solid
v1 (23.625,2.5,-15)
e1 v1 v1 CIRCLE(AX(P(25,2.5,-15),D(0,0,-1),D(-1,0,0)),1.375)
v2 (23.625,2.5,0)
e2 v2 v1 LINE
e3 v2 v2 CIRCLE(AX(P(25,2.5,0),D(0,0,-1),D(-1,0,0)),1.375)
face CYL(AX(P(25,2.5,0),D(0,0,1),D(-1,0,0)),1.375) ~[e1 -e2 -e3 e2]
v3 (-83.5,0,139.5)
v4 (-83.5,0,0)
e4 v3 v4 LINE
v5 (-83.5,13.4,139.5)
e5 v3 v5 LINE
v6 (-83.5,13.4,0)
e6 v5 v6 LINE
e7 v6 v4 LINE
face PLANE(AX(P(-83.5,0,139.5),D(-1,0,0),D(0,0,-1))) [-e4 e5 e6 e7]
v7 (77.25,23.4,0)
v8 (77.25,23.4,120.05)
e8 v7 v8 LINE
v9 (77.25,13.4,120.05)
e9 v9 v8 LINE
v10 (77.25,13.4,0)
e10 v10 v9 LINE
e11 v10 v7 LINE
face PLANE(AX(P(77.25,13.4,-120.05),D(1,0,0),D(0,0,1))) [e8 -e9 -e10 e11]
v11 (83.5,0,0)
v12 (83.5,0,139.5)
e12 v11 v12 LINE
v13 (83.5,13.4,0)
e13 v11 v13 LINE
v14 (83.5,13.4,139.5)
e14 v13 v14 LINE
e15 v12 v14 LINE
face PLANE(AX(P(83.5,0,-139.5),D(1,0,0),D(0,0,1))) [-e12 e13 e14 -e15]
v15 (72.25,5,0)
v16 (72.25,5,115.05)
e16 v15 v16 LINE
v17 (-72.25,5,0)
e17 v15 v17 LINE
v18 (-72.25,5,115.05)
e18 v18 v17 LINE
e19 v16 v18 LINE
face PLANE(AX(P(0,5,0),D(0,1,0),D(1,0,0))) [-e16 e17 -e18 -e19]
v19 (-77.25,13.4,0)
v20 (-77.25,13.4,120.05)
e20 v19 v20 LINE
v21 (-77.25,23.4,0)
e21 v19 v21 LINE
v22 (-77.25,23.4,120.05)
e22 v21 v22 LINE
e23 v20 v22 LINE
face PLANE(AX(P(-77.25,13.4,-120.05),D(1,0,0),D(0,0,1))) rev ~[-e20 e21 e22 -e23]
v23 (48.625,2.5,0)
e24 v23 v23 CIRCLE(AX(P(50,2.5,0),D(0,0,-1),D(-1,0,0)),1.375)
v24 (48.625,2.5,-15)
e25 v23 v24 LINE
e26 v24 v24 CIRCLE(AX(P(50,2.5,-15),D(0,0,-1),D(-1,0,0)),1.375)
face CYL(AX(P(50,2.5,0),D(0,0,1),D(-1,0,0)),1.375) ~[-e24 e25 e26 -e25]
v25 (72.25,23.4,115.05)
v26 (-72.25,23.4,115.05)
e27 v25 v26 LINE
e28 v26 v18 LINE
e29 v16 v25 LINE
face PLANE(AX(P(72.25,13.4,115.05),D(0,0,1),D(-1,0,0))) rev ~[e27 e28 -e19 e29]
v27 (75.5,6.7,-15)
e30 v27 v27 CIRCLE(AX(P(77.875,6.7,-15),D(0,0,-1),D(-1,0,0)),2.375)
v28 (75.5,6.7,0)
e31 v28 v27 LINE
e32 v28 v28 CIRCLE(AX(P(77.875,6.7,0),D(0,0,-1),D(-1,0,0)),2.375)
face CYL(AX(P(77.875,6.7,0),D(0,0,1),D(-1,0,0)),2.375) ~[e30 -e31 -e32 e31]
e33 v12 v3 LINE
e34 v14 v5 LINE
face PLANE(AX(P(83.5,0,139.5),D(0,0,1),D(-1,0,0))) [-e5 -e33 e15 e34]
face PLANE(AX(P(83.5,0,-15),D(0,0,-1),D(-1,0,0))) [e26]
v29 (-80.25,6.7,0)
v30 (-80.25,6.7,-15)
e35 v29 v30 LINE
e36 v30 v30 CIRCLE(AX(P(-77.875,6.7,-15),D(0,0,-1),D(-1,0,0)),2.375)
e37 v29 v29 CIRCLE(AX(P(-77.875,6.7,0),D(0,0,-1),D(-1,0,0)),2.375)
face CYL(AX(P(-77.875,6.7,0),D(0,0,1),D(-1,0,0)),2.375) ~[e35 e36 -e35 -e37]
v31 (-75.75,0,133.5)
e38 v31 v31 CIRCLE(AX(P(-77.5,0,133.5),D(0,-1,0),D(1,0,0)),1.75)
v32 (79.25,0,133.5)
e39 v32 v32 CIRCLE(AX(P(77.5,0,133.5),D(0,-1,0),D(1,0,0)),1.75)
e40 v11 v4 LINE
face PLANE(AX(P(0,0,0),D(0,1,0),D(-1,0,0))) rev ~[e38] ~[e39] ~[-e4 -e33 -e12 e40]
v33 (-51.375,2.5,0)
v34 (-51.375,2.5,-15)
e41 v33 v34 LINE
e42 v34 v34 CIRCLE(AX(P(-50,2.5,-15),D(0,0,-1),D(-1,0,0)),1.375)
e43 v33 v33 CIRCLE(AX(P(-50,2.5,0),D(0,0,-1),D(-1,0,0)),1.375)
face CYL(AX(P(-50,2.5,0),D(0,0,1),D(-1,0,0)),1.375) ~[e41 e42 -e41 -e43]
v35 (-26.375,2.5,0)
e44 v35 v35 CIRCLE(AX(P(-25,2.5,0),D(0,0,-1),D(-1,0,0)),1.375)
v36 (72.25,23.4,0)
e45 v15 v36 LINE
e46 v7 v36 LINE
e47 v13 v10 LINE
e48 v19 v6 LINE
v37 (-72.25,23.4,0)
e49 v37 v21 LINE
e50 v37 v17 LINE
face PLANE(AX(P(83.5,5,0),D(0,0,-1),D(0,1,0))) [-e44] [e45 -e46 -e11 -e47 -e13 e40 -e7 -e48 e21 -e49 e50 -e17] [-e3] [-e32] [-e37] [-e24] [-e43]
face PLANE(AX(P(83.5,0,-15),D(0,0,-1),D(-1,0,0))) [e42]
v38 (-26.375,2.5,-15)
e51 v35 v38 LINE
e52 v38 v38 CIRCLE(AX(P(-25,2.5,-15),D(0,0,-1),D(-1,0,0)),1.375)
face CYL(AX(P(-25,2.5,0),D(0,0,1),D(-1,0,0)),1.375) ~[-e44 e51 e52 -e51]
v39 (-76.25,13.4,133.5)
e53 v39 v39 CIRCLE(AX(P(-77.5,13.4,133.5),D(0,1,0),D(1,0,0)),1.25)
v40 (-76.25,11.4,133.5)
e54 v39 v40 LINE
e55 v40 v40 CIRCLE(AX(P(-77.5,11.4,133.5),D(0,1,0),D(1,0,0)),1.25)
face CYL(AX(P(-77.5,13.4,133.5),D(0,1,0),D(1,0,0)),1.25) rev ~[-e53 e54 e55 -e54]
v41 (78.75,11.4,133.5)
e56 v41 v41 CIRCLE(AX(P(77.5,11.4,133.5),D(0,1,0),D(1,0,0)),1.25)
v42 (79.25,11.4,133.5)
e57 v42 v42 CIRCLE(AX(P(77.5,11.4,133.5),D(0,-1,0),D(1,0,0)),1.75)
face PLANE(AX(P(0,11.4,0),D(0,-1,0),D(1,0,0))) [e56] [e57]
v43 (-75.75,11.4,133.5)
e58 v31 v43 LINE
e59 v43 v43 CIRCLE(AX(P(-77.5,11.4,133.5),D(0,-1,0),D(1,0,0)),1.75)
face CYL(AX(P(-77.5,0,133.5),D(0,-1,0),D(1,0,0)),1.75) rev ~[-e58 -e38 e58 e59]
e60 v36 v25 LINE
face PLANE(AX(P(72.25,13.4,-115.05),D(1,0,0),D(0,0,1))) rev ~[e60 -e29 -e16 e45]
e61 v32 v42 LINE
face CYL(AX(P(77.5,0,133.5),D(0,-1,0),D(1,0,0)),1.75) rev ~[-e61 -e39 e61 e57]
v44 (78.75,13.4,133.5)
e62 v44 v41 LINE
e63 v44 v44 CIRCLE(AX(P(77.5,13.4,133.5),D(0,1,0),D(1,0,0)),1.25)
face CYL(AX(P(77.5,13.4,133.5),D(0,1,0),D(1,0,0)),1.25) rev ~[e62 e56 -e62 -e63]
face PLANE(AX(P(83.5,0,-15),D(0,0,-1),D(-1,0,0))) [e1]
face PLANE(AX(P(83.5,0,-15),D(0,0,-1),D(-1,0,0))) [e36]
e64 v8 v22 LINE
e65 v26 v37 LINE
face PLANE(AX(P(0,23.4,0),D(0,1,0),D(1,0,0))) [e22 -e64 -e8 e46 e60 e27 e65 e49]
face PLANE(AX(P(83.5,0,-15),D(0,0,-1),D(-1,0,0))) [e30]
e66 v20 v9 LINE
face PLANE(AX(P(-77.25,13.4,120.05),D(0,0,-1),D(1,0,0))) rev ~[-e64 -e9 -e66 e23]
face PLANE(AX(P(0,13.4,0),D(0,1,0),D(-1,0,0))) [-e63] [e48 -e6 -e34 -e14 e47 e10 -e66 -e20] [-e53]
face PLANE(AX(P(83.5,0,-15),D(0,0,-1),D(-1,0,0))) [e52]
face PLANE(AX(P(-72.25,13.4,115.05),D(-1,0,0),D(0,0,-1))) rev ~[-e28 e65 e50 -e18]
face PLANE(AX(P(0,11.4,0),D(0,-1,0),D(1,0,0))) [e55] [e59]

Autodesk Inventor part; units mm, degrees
ref_plane "YZ Plane" through (0, 0, 0) normal (1, 0, 0) x (0, 1, 0)
ref_plane "XZ Plane" through (0, 0, 0) normal (0, 1, 0) x (-1, 0, 0)
sketch "Sketch1" plane through (0, 0, 0) normal (0, 1, 0) x (-1, 0, 0)
  line L0 (-83.5, 139.5) -> (83.5, 139.5)
  line L1 (83.5, 139.5) -> (83.5, -139.5)
  line L2 (83.5, -139.5) -> (-83.5, -139.5)
  line L3 (-83.5, -139.5) -> (-83.5, 139.5)
  line L4 (-83.5, 139.5) -> (83.5, -139.5) construction
  line L5 (83.5, 139.5) -> (-83.5, -139.5) construction
  point P0 (0, 0)
  dimension "d0" = 167
  dimension "d1" = 279
extrude "Extrusion1" add sketch "Sketch1" along normal blind 13.4
sketch "Sketch2" plane through (0, 13.4, 0) normal (0, 1, 0) x (1, 0, 0)
  line L0 (72.25, -115.05) -> (-72.25, -115.05)
  line L1 (-72.25, -115.05) -> (-72.25, 115.05)
  line L2 (-72.25, 115.05) -> (72.25, 115.05)
  line L3 (72.25, 115.05) -> (72.25, -115.05)
  line L4 (72.25, -115.05) -> (-72.25, 115.05) construction
  line L5 (-72.25, -115.05) -> (72.25, 115.05) construction
  point P0 (0, 0)
  dimension "d4" = 144.5
  dimension "d5" = 230.1
extrude "Extrusion2" cut sketch "Sketch2" against normal blind 8.4
sketch "Sketch4" plane through (0, 13.4, 0) normal (0, 1, 0) x (1, 0, 0)
  circle A0 centre (-77.5, -133.5) radius 1.25
  line L0 (-83.5, 139.5) -> (-83.5, -139.5) projected
  line L1 (-83.5, -139.5) -> (83.5, -139.5) projected
  circle A1 centre (-77.5, 133.5) radius 1.25
  line L2 (83.5, 139.5) -> (-83.5, 139.5) projected
  circle A2 centre (77.5, 133.5) radius 1.25
  line L3 (83.5, -139.5) -> (83.5, 139.5) projected
  circle A3 centre (77.5, -133.5) radius 1.25
  point P0 (0, 0)
  dimension "d16" = 2.5
  dimension "d17" = 6
  dimension "d18" = 6
  dimension "d19" = 2.5
  dimension "d20" = 6
  dimension "d21" = 6
  dimension "d22" = 2.5
  dimension "d23" = 6
  dimension "d24" = 6
  dimension "d25" = 2.5
  dimension "d26" = 6
  dimension "d27" = 6
extrude "Extrusion4" cut sketch "Sketch4" against normal through all contours A0 | A1 | A2 | A3
sketch "Sketch5" plane through (0, 13.4, 0) normal (0, 1, 0) x (1, 0, 0)
  line L0 (-72.25, -115.05) -> (-72.25, 115.05) projected
  line L1 (72.25, -115.05) -> (-72.25, -115.05) projected
  line L2 (-77.25, -120.05) -> (-72.25, -120.05)
  line L3 (-72.25, -120.05) -> (-72.25, 120.05)
  line L4 (-72.25, 120.05) -> (-77.25, 120.05)
  line L5 (-77.25, 120.05) -> (-77.25, -120.05)
  line L6 (72.25, 115.05) -> (72.25, -115.05) projected
  line L7 (77.25, -120.05) -> (72.25, -120.05)
  line L8 (72.25, -120.05) -> (72.25, 120.05)
  line L9 (72.25, 120.05) -> (77.25, 120.05)
  line L10 (77.25, 120.05) -> (77.25, -120.05)
  line L11 (-72.25, 115.05) -> (72.25, 115.05) projected
  line L12 (72.25, 120.05) -> (-72.25, 120.05)
  line L13 (-72.25, 120.05) -> (-72.25, 115.05)
  line L14 (-72.25, 115.05) -> (72.25, 115.05)
  line L15 (72.25, 115.05) -> (72.25, 120.05)
  line L16 (-72.25, -115.05) -> (72.25, -115.05)
  line L17 (72.25, -115.05) -> (72.25, -120.05)
  line L18 (72.25, -120.05) -> (-72.25, -120.05)
  line L19 (-72.25, -120.05) -> (-72.25, -115.05)
  point P0 (0, 0)
  dimension "d30" = 5
  dimension "d31" = 5
  dimension "d32" = 240.1
  dimension "d33" = 5
  dimension "d34" = 5
  dimension "d35" = 240.1
extrude "Extrusion5" add sketch "Sketch5" along normal blind 10 contours L3 L2 L5 L4 L0 | L1 L8 L18 L3 | L3 L12 L8 L11 | L6 L8 L9 L10 L7
sketch "Sketch7" plane through (0, 0, 0) normal (0, -1, 0) x (1, 0, 0)
  circle A0 centre (-77.5, -133.5) radius 1.25 projected
  circle A1 centre (-77.5, -133.5) radius 1.75
  circle A2 centre (-77.5, 133.5) radius 1.25 projected
  circle A3 centre (-77.5, 133.5) radius 1.75
  circle A4 centre (77.5, 133.5) radius 1.25 projected
  circle A5 centre (77.5, 133.5) radius 1.75
  circle A6 centre (77.5, -133.5) radius 1.25 projected
  circle A7 centre (77.5, -133.5) radius 1.75
  point P0 (0, 0)
  dimension "d42" = 3.5
  dimension "d43" = 3.5
  dimension "d44" = 3.5
  dimension "d45" = 3.5
extrude "Extrusion6" cut sketch "Sketch7" against normal blind 11.4 contours A0 | A1 | A2 | A3 | A4 | A5 | A7
sketch "Sketch8" plane through (83.5, 0, 139.5) normal (1, 0, 0) x (0, 0, -1)
  line L0 (139.5, 0) -> (139.5, 13.4)
  line L1 (0, 13.4) -> (279, 13.4) projected
sketch "Sketch9" plane through (0, 13.4, 0) normal (0, 1, 0) x (1, 0, 0)
  line L0 (83.5, -139.5) -> (83.5, 139.5) projected
  line L1 (83.5, 0) -> (77.25, 0)
  line L2 (77.25, 120.05) -> (77.25, -120.05) projected
  point P0 (0, 0)
sketch "Sketch10" plane through (77.25, 13.4, 120.05) normal (1, 0, 0) x (0, 0, -1)
  line L0 (-19.45, 0) -> (259.55, 0) projected
  line L1 (120.05, 0) -> (120.05, 10)
  line L2 (0, 10) -> (240.1, 10) projected
  point P0 (120.05, -13.4)
split_face "Split1"
split_face "Split2"
split_face "Split3"
ref_plane "Work Plane1" through (83.5, 0, -139.5) normal (1, 0, 0) x (0, 0, -1)
sketch "Sketch11" plane through (83.5, 0, -139.5) normal (1, 0, 0) x (0, 0, -1)
  line L0 (0, 0) -> (0, 13.4) projected
  line L1 (-139.5, 5) -> (-139.5, 23.4) projected
  line L2 (0, 0) -> (-139.5, 0)
  line L3 (-139.5, 0) -> (-139.5, 23.4)
  line L4 (-139.5, 23.4) -> (0, 23.4)
  line L5 (0, 23.4) -> (0, 0)
  point P0 (-139.5, 0)
extrude "Extrusion7" cut sketch "Sketch11" against normal blind 167.1625
sketch "Sketch12" plane through (83.5, 0, 0) normal (0, 0, -1) x (-1, 0, 0)
  line L0 (0, 0) -> (0, 13.4) projected
  circle A0 centre (5.625, 6.7) radius 2.375
  line L1 (167, 0) -> (167, 13.4) projected
  circle A1 centre (161.375, 6.7) radius 2.375
  line L2 (11.25, 5) -> (155.75, 5) projected
  circle A2 centre (58.5, 2.5) radius 1.375
  circle A3 centre (33.5, 2.5) radius 1.375
  circle A4 centre (108.5, 2.5) radius 1.375
  circle A5 centre (133.5, 2.5) radius 1.375
  point P0 (83.5, 0)
  dimension "d51" = 4.75
  dimension "d53" = 4.75
  dimension "d55" = 2.75
  dimension "d57" = 2.75
  dimension "d59" = 2.75
  dimension "d61" = 2.75
extrude "Extrusion8" add sketch "Sketch12" along normal blind 15
properties part number "Enclosure 2 Bottom" material "ABS Plastic"
